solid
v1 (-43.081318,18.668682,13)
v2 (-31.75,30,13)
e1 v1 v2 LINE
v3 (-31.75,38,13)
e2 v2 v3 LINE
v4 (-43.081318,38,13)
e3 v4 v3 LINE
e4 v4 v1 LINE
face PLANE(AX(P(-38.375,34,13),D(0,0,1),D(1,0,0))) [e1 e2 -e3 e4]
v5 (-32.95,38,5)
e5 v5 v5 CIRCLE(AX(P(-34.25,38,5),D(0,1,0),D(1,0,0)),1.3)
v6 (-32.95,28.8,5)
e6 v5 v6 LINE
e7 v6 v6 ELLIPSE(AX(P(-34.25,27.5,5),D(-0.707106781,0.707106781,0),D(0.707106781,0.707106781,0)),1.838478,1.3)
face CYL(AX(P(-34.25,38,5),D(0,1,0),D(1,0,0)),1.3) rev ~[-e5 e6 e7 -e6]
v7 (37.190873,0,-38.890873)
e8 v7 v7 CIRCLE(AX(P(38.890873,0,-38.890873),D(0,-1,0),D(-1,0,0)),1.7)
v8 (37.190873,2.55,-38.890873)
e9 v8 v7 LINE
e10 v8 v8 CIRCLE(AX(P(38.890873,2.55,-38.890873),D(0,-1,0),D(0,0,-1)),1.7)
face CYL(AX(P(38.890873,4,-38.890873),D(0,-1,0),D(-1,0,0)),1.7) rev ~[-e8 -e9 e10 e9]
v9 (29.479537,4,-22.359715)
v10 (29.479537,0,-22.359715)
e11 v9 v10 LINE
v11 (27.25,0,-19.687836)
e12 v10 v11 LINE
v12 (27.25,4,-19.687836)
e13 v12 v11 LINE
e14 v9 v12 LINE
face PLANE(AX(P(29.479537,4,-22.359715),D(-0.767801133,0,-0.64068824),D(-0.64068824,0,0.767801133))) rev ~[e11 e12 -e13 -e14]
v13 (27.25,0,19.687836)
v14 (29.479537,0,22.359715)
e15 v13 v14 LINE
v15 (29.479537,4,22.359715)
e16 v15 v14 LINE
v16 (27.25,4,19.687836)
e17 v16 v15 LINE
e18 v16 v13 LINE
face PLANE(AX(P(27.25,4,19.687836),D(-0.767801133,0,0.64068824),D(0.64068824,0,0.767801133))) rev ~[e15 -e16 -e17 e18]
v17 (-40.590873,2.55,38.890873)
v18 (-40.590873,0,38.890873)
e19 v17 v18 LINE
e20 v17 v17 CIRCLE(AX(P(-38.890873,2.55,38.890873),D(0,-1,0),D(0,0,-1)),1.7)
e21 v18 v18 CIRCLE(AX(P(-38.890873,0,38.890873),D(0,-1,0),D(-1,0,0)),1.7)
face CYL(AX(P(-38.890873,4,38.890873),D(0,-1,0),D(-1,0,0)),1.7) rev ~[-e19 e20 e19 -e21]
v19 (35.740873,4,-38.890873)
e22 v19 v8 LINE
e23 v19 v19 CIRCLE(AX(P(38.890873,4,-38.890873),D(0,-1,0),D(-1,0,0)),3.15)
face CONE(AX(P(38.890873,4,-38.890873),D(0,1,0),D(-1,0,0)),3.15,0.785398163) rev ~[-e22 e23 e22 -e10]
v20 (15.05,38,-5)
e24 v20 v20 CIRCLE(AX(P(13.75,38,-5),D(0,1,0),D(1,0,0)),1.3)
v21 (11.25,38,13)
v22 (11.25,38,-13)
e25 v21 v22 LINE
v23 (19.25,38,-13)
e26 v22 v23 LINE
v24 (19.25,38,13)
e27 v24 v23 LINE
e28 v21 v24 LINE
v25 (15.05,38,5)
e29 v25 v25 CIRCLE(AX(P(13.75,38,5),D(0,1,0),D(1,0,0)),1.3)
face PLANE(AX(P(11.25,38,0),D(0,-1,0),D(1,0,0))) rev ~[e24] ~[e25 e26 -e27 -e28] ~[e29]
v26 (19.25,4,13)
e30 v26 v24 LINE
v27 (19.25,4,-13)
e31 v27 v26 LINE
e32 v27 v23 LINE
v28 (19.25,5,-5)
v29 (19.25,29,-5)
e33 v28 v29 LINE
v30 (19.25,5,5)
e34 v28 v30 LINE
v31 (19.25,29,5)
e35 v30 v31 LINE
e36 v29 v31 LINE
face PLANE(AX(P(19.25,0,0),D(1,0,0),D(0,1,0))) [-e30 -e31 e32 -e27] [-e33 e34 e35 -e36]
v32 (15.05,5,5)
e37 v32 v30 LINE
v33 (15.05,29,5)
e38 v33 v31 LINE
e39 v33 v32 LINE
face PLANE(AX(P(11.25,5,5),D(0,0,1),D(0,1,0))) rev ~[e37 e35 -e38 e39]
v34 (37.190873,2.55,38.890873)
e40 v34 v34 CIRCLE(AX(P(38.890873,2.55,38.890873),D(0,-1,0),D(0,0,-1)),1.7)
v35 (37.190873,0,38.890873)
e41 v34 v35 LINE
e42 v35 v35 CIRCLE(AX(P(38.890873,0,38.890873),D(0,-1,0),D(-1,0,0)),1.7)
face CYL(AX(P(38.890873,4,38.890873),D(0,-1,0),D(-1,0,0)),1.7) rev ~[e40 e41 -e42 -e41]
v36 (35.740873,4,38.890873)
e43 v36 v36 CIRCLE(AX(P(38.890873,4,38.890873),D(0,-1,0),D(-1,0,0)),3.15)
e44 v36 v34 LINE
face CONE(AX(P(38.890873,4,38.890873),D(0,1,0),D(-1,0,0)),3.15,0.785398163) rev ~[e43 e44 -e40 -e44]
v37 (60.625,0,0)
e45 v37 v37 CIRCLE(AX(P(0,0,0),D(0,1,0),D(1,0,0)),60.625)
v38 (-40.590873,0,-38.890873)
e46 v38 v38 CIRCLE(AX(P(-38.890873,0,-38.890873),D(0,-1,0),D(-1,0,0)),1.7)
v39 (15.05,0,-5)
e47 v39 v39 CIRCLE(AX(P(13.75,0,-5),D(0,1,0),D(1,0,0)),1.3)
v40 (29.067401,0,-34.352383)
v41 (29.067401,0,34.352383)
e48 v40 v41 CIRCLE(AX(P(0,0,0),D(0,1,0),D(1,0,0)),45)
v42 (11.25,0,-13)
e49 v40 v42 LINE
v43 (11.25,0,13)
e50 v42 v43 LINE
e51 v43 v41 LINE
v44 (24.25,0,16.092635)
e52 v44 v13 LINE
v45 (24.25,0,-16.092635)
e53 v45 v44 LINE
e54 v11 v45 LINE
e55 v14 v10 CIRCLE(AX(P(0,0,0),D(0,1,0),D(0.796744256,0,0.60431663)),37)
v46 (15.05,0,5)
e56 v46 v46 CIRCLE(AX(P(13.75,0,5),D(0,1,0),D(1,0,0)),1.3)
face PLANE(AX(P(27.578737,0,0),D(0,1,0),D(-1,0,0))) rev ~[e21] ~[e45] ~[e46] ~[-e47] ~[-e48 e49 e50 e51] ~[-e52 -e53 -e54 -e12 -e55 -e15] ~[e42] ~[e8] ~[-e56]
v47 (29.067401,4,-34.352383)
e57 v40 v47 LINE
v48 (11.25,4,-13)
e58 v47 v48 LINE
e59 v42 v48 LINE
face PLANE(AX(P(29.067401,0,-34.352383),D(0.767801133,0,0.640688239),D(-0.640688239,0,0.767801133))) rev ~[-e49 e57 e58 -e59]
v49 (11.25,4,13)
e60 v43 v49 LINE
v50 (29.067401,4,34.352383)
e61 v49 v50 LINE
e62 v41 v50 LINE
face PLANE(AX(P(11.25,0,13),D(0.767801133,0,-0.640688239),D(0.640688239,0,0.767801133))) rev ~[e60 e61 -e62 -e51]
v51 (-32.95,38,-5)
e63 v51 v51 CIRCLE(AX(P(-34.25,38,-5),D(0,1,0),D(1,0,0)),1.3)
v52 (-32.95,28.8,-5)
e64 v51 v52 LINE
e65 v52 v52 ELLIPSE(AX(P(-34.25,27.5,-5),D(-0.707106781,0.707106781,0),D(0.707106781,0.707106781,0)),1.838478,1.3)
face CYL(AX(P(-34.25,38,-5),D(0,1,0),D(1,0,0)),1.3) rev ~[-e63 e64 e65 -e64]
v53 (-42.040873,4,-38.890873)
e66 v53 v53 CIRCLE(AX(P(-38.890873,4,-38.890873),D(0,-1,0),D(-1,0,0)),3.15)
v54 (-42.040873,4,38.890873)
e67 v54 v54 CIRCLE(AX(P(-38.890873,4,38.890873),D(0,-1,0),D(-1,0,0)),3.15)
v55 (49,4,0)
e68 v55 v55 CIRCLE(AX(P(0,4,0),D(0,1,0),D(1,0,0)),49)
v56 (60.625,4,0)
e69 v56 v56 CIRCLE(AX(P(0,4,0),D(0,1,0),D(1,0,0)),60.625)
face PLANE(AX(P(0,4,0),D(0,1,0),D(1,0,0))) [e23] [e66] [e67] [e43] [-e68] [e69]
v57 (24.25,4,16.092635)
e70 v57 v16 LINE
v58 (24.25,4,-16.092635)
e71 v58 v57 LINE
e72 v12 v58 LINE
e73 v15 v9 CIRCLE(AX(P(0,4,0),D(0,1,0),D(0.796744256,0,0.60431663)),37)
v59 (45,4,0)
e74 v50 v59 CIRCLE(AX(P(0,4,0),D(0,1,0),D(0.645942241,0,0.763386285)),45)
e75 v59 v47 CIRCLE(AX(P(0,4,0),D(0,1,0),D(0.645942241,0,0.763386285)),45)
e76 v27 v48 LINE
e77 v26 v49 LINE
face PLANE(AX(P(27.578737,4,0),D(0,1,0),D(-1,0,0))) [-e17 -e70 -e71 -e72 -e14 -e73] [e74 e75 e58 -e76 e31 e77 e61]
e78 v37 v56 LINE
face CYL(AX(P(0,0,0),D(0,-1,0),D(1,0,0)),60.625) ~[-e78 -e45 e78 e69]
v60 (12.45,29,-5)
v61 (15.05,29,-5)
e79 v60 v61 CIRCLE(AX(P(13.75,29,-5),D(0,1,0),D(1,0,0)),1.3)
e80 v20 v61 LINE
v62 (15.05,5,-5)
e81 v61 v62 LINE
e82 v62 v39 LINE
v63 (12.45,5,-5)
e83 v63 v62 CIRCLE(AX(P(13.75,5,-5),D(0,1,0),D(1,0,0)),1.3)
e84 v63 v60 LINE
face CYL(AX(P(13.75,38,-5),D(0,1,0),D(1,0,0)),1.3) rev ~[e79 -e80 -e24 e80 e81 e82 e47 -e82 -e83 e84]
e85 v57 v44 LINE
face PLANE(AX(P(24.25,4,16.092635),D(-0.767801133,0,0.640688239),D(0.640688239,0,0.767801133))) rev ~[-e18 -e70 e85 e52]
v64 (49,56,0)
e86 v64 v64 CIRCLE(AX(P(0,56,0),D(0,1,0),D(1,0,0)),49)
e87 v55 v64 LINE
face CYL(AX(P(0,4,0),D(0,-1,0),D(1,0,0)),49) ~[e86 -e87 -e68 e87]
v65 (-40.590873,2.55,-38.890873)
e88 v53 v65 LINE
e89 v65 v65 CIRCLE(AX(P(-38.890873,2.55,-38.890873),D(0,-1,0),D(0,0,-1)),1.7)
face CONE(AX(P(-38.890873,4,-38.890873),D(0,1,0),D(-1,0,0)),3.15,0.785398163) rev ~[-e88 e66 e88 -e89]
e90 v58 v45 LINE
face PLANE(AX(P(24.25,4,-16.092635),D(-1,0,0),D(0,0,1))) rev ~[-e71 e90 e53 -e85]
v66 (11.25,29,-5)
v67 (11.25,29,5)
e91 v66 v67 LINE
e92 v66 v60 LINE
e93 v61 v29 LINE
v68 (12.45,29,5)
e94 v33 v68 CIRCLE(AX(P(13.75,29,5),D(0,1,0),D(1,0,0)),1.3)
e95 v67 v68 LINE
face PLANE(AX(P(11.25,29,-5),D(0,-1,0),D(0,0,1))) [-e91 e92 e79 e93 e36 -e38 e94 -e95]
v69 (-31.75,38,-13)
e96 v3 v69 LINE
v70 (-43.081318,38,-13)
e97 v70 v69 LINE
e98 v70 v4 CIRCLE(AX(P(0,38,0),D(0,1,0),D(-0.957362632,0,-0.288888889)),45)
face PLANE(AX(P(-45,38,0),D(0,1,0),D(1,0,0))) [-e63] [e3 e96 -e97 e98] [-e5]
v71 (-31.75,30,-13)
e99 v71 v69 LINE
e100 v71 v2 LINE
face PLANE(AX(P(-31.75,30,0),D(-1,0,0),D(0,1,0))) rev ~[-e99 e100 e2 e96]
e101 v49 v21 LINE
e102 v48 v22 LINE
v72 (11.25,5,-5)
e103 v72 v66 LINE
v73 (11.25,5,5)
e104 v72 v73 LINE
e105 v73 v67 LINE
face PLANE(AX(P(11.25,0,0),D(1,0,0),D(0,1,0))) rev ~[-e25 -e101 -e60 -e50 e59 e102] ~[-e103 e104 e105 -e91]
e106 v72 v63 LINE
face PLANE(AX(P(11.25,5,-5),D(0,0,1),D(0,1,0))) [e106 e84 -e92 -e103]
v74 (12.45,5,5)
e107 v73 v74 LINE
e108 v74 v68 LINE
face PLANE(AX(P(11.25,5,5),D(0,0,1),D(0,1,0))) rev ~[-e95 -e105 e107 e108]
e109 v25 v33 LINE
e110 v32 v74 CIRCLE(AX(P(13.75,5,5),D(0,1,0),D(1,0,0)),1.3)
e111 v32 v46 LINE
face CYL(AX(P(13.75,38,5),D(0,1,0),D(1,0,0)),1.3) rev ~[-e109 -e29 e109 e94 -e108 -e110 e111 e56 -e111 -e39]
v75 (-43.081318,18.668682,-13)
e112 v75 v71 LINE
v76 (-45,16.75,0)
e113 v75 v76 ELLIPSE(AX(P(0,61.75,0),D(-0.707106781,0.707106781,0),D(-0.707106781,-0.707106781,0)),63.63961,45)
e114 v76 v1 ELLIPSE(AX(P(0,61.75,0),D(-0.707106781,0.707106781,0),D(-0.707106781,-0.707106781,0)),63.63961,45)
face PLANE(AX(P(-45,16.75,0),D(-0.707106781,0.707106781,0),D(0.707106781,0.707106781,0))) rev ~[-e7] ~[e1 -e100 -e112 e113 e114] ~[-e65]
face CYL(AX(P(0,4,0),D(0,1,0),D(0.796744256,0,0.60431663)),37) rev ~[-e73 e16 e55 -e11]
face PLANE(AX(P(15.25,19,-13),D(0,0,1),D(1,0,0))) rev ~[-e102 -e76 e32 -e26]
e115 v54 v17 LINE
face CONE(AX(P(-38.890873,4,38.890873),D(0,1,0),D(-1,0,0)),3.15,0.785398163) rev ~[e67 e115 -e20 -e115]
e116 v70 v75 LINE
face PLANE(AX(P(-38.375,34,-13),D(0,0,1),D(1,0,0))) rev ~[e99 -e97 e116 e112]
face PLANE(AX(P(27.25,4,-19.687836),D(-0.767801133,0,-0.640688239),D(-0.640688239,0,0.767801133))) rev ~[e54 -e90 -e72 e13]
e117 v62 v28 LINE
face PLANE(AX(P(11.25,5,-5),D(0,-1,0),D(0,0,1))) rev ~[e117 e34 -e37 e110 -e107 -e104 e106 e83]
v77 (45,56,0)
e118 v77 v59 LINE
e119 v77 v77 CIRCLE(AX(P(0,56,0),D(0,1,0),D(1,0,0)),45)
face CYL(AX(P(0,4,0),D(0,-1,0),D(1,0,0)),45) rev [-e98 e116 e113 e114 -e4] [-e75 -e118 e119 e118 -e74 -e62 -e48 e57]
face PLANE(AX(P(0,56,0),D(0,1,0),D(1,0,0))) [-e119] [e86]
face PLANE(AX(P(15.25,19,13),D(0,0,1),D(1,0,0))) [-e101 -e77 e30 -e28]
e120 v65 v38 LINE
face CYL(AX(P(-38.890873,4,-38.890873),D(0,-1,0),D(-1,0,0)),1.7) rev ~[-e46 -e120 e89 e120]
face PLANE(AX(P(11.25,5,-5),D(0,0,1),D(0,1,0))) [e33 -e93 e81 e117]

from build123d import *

# Parameters (mm, degrees)
SKETCH1_R                                           = 60.625
SKETCH1_R_2                                         = 45
BOSS_EXTRUDE1_DEPTH                                 = 4
SKETCH2_R                                           = 49
SKETCH2_R_2                                         = 45
BOSS_EXTRUDE2_DEPTH                                 = 52
SKETCH4_W                                           = 13.25
SKETCH4_H                                           = 8
SKETCH4_W_2                                         = 8
SKETCH4_H_2                                         = 38
BOSS_EXTRUDE4_DEPTH                                 = 13
BOSS_EXTRUDE5_DEPTH                                 = 4
SKETCH7_R                                           = 1.3
CUT_EXTRUDE4_DEPTH                                  = 39
SKETCH9_W                                           = 10
SKETCH9_H                                           = 24
CUT_EXTRUDE7_DEPTH                                  = 8
CUT_EXTRUDE9_DEPTH                                  = 5
CSK_FOR_M3_COUNTERSUNK_FLAT_HEAD_SCREW1_D           = 3.4
CSK_FOR_M3_COUNTERSUNK_FLAT_HEAD_SCREW1_DEPTH       = 4
CSK_FOR_M3_COUNTERSUNK_FLAT_HEAD_SCREW1_CSINK_D     = 6.3
CSK_FOR_M3_COUNTERSUNK_FLAT_HEAD_SCREW1_CSINK_ANGLE = 90


with BuildPart() as part:
    # Sketch1 → Boss-Extrude1 (new body)
    with BuildSketch(Plane(origin=(0, 0, 0), x_dir=(1, 0, 0), z_dir=(0, 1, 0))):
        Circle(SKETCH1_R)
        Circle(SKETCH1_R_2, mode=Mode.SUBTRACT)
    extrude(amount=BOSS_EXTRUDE1_DEPTH)

    # Sketch2 → Boss-Extrude2 (add)
    with BuildSketch(Plane(origin=(0, 4, 0), x_dir=(1, 0, 0), z_dir=(0, 1, 0))):
        Circle(SKETCH2_R)
        Circle(SKETCH2_R_2, mode=Mode.SUBTRACT)
    extrude(amount=BOSS_EXTRUDE2_DEPTH)

    # Sketch4 → Boss-Extrude4 (add, symmetric)
    with BuildSketch(Plane.XY):
        with Locations((-38.375, 34)):
            Rectangle(SKETCH4_W, SKETCH4_H)
        Polygon((-31.75, 30), (-45, 30), (-45, 16.75), align=None)
        with Locations((15.25, 19)):
            Rectangle(SKETCH4_W_2, SKETCH4_H_2)
    extrude(amount=BOSS_EXTRUDE4_DEPTH, both=True)

    # Sketch5 → Boss-Extrude5 (add)
    with BuildSketch(Plane.XZ):
        with BuildLine():
            Line((11.25, 13), (29.067400866, 34.352382842))
            ThreePointArc((29.067400866, 34.352382842), (45, 0), (29.067400866, -34.352382842))
            Line((29.067400866, -34.352382842), (11.25, -13))
            Line((11.25, -13), (11.25, 13))
        make_face()
    extrude(amount=-BOSS_EXTRUDE5_DEPTH)

    # Sketch7 → Cut-Extrude4 (cut, through all)
    with BuildSketch(Plane(origin=(0, 38, 0), x_dir=(1, 0, 0), z_dir=(0, 1, 0))):
        with Locations((-34.25, 5)):
            Circle(SKETCH7_R)
        with Locations((-34.25, -5)):
            Circle(SKETCH7_R)
        with Locations((13.75, 5)):
            Circle(SKETCH7_R)
        with Locations((13.75, -5)):
            Circle(SKETCH7_R)
    extrude(amount=-CUT_EXTRUDE4_DEPTH, mode=Mode.SUBTRACT)

    # Sketch9 → Cut-Extrude7 (cut)
    with BuildSketch(Plane.ZY.offset(-11.25)):
        with Locations((0, 17)):
            Rectangle(SKETCH9_W, SKETCH9_H)
    extrude(amount=-CUT_EXTRUDE7_DEPTH, mode=Mode.SUBTRACT)

    # Sketch12 → Cut-Extrude9 (cut, through all)
    with BuildSketch(Plane(origin=(0, 4, 0), x_dir=(1, 0, 0), z_dir=(0, 1, 0))):
        with BuildLine():
            Line((29.479537487, 22.359715328), (27.25, 19.687836398))
            Line((27.25, 19.687836398), (27.25, -19.687836398))
            Line((27.25, -19.687836398), (29.479537487, -22.359715328))
            ThreePointArc((29.479537487, -22.359715328), (37, 0), (29.479537487, 22.359715328))
        make_face()
        Polygon((27.25, -19.687836398), (27.25, 19.687836398), (24.25, 16.092634774), (24.25, -16.092634774), align=None)
    extrude(amount=-CUT_EXTRUDE9_DEPTH, mode=Mode.SUBTRACT)

    # CSK for M3 Countersunk Flat Head Screw1
    with Locations(Plane(origin=(0, 4, 0), x_dir=(1, 0, 0), z_dir=(0, 1, 0))):
        with Locations((-38.890872965, 38.890872965), (-38.890872965, -38.890872965), (38.890872965, -38.890872965), (38.890872965, 38.890872965)):
            CounterSinkHole(CSK_FOR_M3_COUNTERSUNK_FLAT_HEAD_SCREW1_D / 2, CSK_FOR_M3_COUNTERSUNK_FLAT_HEAD_SCREW1_CSINK_D / 2, depth=CSK_FOR_M3_COUNTERSUNK_FLAT_HEAD_SCREW1_DEPTH, counter_sink_angle=CSK_FOR_M3_COUNTERSUNK_FLAT_HEAD_SCREW1_CSINK_ANGLE)


solid = part.part
